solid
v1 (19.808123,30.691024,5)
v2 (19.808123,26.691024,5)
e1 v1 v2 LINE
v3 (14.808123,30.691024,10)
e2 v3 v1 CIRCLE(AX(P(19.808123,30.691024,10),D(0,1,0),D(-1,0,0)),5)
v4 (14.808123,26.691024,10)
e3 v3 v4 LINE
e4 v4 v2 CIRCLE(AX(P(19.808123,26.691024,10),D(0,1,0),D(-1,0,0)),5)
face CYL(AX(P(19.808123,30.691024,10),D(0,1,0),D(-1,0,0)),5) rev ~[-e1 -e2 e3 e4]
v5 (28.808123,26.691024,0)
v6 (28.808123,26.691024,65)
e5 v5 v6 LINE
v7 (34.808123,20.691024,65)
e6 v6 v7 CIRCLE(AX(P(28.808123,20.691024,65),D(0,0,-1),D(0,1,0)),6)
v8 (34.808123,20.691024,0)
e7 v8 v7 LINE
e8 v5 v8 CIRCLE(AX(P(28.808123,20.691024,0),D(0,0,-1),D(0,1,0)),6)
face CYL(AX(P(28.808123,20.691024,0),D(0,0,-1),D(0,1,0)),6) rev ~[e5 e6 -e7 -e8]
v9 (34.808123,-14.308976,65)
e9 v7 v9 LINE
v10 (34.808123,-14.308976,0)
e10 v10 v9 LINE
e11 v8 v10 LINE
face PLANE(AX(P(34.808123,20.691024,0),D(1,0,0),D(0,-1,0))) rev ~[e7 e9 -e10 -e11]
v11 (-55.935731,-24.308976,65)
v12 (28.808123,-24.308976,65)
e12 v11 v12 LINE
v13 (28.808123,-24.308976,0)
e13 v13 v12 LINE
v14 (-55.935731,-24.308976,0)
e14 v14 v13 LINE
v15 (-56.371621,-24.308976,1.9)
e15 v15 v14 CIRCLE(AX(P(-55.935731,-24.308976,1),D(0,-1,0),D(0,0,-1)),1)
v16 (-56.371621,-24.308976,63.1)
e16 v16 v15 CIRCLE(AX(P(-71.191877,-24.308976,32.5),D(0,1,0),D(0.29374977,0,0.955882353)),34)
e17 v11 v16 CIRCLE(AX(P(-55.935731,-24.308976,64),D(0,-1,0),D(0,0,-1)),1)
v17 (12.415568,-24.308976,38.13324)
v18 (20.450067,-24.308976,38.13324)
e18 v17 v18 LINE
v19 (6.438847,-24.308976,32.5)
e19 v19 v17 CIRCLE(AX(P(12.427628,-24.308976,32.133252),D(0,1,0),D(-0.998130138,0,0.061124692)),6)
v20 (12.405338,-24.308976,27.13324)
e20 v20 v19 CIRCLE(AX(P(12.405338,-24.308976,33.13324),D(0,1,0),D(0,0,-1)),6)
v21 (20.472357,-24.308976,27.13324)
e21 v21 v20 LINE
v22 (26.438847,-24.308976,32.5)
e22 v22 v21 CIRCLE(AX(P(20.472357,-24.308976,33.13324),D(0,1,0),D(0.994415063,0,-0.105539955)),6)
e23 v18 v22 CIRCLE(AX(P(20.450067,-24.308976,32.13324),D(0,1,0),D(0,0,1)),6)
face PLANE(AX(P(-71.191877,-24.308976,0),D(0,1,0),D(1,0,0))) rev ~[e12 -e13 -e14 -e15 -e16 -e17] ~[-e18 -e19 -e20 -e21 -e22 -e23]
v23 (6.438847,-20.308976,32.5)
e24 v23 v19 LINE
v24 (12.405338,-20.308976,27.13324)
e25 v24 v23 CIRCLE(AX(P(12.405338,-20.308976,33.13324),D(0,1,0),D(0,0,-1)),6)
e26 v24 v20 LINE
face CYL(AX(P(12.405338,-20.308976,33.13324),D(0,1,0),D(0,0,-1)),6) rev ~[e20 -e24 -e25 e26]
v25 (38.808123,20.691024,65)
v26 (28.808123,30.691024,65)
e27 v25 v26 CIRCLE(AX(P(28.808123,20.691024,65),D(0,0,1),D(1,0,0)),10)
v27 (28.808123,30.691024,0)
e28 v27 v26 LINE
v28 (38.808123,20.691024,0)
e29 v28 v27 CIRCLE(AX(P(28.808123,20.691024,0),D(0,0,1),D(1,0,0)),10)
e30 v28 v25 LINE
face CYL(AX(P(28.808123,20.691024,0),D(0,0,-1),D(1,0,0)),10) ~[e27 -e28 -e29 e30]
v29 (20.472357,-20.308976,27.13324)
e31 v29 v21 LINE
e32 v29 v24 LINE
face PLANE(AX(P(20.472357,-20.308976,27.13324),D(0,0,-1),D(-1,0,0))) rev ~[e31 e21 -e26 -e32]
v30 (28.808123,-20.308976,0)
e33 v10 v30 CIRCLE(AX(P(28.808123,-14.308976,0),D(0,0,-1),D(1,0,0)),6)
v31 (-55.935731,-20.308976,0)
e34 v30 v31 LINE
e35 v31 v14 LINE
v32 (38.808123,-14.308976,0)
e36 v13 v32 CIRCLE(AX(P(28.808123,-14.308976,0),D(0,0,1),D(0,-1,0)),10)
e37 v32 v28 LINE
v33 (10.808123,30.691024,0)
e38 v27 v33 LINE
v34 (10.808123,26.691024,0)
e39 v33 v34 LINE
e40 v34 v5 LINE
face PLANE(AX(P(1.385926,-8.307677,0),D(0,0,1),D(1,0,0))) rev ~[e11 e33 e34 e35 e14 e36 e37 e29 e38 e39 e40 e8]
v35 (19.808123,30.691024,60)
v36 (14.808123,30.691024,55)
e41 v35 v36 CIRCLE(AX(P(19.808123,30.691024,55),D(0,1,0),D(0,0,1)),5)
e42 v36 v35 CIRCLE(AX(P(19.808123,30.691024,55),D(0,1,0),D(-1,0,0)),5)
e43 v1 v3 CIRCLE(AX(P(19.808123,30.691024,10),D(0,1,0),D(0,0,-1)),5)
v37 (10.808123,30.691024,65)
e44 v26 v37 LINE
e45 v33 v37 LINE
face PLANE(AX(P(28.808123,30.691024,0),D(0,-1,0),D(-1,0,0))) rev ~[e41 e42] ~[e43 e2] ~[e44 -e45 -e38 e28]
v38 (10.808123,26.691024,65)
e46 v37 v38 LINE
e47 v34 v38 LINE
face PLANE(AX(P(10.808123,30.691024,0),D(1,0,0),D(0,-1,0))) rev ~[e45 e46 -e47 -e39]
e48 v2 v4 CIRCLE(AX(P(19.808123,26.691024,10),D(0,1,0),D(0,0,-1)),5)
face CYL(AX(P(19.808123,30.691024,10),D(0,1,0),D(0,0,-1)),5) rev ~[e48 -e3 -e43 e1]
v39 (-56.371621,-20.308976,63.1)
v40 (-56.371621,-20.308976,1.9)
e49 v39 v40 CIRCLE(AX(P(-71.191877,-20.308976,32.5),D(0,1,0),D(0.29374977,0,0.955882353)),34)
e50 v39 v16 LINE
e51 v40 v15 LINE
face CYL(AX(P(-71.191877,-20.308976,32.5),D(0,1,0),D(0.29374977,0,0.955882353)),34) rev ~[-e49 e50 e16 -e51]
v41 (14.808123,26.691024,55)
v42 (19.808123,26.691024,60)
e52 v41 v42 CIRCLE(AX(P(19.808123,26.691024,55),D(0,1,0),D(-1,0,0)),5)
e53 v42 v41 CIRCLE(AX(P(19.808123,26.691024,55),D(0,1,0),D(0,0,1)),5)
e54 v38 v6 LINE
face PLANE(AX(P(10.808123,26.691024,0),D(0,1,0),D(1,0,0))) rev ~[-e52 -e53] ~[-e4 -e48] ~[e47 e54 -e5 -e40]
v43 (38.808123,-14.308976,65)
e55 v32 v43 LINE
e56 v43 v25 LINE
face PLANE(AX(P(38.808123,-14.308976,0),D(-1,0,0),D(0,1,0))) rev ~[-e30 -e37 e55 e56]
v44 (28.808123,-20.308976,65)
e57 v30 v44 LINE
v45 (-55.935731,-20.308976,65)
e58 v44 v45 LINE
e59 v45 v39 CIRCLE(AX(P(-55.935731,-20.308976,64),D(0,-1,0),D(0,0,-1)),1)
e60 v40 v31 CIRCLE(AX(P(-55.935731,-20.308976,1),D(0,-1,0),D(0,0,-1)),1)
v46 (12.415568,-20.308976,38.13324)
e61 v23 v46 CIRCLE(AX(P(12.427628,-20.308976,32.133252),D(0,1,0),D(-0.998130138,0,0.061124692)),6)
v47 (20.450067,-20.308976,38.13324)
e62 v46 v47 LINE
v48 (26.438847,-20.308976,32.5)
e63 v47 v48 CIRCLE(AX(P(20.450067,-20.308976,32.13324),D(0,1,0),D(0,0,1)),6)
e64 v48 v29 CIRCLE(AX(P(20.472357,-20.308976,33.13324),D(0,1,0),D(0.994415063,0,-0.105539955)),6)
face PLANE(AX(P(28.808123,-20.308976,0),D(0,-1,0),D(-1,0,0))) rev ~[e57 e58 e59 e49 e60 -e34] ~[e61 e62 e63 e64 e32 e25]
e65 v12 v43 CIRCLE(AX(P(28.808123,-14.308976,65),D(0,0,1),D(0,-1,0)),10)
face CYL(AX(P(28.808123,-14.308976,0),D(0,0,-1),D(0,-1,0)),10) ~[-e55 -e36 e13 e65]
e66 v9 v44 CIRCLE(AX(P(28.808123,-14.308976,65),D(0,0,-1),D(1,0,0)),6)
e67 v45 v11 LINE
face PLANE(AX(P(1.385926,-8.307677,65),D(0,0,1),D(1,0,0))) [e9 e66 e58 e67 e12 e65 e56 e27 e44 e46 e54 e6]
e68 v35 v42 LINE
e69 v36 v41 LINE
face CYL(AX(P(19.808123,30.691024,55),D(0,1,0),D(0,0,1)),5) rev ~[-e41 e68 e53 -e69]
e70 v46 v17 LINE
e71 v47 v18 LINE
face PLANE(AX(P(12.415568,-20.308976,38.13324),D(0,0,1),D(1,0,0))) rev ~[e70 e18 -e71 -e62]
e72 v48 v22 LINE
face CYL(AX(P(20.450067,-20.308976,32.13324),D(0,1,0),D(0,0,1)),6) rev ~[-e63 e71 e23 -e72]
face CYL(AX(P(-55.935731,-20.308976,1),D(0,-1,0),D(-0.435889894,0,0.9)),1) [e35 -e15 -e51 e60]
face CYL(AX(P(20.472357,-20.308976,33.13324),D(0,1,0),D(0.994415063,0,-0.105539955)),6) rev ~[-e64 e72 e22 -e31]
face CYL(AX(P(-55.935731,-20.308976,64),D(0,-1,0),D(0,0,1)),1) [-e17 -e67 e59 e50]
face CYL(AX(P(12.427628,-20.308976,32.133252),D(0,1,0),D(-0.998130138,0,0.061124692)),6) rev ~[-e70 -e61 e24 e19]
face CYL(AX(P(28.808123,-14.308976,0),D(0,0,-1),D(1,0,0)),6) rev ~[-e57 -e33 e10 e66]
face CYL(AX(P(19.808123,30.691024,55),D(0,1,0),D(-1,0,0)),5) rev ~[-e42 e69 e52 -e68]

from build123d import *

# Parameters (mm, degrees)
F1_DEPTH = 65
F3_DEPTH = 25
F5_DEPTH = 25
F6_DEPTH = 11
F7_R     = 1
F8_R     = 1


with BuildPart() as f1:
    # F0 (on Top) → F1 (new body)
    with BuildSketch(Plane.XY):
        with BuildLine():
            Line((28.8081228733, 30.691023916), (10.8081228733, 30.691023916))
            Line((10.8081228733, 30.691023916), (10.8081228733, 26.691023916))
            Line((10.8081228733, 26.691023916), (28.8081228733, 26.691023916))
            ThreePointArc((28.8081228733, 26.691023916), (33.0507635604, 24.9336646031), (34.8081228733, 20.691023916))
            Line((34.8081228733, 20.691023916), (34.8081228733, 19.2851312459))
            Line((34.8081228733, 19.2851312459), (34.8081228733, -14.308976084))
            ThreePointArc((34.8081228733, -14.308976084), (33.0507635604, -18.5516167711), (28.8081228733, -20.308976084))
            Line((28.8081228733, -20.308976084), (-71.1918771267, -20.308976084))
            Line((-71.1918771267, -20.308976084), (-71.1918771267, -22.308976084))
            Line((-71.1918771267, -22.308976084), (-71.1918771267, -24.308976084))
            Line((-71.1918771267, -24.308976084), (28.8081228733, -24.308976084))
            ThreePointArc((28.8081228733, -24.308976084), (35.8791906852, -21.3800438959), (38.8081228733, -14.308976084))
            Line((38.8081228733, -14.308976084), (38.8081228733, 20.691023916))
            ThreePointArc((38.8081228733, 20.691023916), (35.8791906852, 27.7620917279), (28.8081228733, 30.691023916))
        make_face()
    extrude(amount=F1_DEPTH)

    # F2 (on face) → F3 (cut)
    with BuildSketch(Plane(origin=(0, 30.691023916, 0), x_dir=(-1, 0, 0), z_dir=(0, 1, 0))):
        with BuildLine():
            ThreePointArc((-14.8081228733, 55), (-16.2725889674, 58.5355339059), (-19.8081228733, 60))
            ThreePointArc((-19.8081228733, 60), (-23.3436567792, 51.4644660941), (-14.8081228733, 55))
        make_face()
        with BuildLine():
            ThreePointArc((-14.8081228733, 10), (-23.3436567792, 13.5355339059), (-19.8081228733, 5))
            ThreePointArc((-19.8081228733, 5), (-16.2725889674, 6.4644660941), (-14.8081228733, 10))
        make_face()
    extrude(amount=-F3_DEPTH, mode=Mode.SUBTRACT)

    # F4 (on face) → F5 (cut)
    with BuildSketch(Plane(origin=(0, -20.308976084, 0), x_dir=(-1, 0, 0), z_dir=(0, 1, 0))):
        with BuildLine():
            ThreePointArc((-6.4388471842, 32.5), (-8.3123065892, 36.4995007653), (-12.4155679156, 38.1332397291))
            Line((-12.4155679156, 38.1332397291), (-20.4500670994, 38.1332397291))
            ThreePointArc((-20.4500670994, 38.1332397291), (-24.5609939033, 36.5036265326), (-26.4388471842, 32.5))
            ThreePointArc((-26.4388471842, 32.5), (-24.4848723268, 28.6723295991), (-20.4723568049, 27.1332397291))
            Line((-20.4723568049, 27.1332397291), (-12.4053375634, 27.1332397291))
            ThreePointArc((-12.4053375634, 27.1332397291), (-8.3928220416, 28.6723295991), (-6.4388471842, 32.5))
        make_face()
    extrude(amount=-F5_DEPTH, mode=Mode.SUBTRACT)

    # F4 (on face) → F6 (cut)
    with BuildSketch(Plane(origin=(0, -20.308976084, 0), x_dir=(-1, 0, 0), z_dir=(0, 1, 0))):
        with BuildLine():
            ThreePointArc((61.204384949, 0), (91.3961497684, 5.1542989298), (105.1918771267, 32.5))
            ThreePointArc((105.1918771267, 32.5), (91.3961497684, 59.8457010702), (61.204384949, 65))
            Line((61.204384949, 65), (71.1918771267, 65))
            Line((71.1918771267, 65), (71.1918771267, 0))
            Line((71.1918771267, 0), (61.204384949, 0))
        make_face()
        with BuildLine():
            Line((71.1918771267, 65), (61.204384949, 65))
            ThreePointArc((61.204384949, 65), (37.1918771267, 32.5), (61.204384949, 0))
            Line((61.204384949, 0), (71.1918771267, 0))
            Line((71.1918771267, 0), (71.1918771267, 65))
        make_face()
    extrude(amount=-F6_DEPTH, mode=Mode.SUBTRACT)

    # F7
    f7_edges = [f1.edges().sort_by_distance(p)[0] for p in [
        (-61.204385, -22.308976, 65),
    ]]
    fillet(f7_edges, radius=F7_R)

    # F8
    f8_edges = [f1.edges().sort_by_distance(p)[0] for p in [
        (-61.204385, -22.308976, 0),
    ]]
    fillet(f8_edges, radius=F8_R)


solid = f1.part
